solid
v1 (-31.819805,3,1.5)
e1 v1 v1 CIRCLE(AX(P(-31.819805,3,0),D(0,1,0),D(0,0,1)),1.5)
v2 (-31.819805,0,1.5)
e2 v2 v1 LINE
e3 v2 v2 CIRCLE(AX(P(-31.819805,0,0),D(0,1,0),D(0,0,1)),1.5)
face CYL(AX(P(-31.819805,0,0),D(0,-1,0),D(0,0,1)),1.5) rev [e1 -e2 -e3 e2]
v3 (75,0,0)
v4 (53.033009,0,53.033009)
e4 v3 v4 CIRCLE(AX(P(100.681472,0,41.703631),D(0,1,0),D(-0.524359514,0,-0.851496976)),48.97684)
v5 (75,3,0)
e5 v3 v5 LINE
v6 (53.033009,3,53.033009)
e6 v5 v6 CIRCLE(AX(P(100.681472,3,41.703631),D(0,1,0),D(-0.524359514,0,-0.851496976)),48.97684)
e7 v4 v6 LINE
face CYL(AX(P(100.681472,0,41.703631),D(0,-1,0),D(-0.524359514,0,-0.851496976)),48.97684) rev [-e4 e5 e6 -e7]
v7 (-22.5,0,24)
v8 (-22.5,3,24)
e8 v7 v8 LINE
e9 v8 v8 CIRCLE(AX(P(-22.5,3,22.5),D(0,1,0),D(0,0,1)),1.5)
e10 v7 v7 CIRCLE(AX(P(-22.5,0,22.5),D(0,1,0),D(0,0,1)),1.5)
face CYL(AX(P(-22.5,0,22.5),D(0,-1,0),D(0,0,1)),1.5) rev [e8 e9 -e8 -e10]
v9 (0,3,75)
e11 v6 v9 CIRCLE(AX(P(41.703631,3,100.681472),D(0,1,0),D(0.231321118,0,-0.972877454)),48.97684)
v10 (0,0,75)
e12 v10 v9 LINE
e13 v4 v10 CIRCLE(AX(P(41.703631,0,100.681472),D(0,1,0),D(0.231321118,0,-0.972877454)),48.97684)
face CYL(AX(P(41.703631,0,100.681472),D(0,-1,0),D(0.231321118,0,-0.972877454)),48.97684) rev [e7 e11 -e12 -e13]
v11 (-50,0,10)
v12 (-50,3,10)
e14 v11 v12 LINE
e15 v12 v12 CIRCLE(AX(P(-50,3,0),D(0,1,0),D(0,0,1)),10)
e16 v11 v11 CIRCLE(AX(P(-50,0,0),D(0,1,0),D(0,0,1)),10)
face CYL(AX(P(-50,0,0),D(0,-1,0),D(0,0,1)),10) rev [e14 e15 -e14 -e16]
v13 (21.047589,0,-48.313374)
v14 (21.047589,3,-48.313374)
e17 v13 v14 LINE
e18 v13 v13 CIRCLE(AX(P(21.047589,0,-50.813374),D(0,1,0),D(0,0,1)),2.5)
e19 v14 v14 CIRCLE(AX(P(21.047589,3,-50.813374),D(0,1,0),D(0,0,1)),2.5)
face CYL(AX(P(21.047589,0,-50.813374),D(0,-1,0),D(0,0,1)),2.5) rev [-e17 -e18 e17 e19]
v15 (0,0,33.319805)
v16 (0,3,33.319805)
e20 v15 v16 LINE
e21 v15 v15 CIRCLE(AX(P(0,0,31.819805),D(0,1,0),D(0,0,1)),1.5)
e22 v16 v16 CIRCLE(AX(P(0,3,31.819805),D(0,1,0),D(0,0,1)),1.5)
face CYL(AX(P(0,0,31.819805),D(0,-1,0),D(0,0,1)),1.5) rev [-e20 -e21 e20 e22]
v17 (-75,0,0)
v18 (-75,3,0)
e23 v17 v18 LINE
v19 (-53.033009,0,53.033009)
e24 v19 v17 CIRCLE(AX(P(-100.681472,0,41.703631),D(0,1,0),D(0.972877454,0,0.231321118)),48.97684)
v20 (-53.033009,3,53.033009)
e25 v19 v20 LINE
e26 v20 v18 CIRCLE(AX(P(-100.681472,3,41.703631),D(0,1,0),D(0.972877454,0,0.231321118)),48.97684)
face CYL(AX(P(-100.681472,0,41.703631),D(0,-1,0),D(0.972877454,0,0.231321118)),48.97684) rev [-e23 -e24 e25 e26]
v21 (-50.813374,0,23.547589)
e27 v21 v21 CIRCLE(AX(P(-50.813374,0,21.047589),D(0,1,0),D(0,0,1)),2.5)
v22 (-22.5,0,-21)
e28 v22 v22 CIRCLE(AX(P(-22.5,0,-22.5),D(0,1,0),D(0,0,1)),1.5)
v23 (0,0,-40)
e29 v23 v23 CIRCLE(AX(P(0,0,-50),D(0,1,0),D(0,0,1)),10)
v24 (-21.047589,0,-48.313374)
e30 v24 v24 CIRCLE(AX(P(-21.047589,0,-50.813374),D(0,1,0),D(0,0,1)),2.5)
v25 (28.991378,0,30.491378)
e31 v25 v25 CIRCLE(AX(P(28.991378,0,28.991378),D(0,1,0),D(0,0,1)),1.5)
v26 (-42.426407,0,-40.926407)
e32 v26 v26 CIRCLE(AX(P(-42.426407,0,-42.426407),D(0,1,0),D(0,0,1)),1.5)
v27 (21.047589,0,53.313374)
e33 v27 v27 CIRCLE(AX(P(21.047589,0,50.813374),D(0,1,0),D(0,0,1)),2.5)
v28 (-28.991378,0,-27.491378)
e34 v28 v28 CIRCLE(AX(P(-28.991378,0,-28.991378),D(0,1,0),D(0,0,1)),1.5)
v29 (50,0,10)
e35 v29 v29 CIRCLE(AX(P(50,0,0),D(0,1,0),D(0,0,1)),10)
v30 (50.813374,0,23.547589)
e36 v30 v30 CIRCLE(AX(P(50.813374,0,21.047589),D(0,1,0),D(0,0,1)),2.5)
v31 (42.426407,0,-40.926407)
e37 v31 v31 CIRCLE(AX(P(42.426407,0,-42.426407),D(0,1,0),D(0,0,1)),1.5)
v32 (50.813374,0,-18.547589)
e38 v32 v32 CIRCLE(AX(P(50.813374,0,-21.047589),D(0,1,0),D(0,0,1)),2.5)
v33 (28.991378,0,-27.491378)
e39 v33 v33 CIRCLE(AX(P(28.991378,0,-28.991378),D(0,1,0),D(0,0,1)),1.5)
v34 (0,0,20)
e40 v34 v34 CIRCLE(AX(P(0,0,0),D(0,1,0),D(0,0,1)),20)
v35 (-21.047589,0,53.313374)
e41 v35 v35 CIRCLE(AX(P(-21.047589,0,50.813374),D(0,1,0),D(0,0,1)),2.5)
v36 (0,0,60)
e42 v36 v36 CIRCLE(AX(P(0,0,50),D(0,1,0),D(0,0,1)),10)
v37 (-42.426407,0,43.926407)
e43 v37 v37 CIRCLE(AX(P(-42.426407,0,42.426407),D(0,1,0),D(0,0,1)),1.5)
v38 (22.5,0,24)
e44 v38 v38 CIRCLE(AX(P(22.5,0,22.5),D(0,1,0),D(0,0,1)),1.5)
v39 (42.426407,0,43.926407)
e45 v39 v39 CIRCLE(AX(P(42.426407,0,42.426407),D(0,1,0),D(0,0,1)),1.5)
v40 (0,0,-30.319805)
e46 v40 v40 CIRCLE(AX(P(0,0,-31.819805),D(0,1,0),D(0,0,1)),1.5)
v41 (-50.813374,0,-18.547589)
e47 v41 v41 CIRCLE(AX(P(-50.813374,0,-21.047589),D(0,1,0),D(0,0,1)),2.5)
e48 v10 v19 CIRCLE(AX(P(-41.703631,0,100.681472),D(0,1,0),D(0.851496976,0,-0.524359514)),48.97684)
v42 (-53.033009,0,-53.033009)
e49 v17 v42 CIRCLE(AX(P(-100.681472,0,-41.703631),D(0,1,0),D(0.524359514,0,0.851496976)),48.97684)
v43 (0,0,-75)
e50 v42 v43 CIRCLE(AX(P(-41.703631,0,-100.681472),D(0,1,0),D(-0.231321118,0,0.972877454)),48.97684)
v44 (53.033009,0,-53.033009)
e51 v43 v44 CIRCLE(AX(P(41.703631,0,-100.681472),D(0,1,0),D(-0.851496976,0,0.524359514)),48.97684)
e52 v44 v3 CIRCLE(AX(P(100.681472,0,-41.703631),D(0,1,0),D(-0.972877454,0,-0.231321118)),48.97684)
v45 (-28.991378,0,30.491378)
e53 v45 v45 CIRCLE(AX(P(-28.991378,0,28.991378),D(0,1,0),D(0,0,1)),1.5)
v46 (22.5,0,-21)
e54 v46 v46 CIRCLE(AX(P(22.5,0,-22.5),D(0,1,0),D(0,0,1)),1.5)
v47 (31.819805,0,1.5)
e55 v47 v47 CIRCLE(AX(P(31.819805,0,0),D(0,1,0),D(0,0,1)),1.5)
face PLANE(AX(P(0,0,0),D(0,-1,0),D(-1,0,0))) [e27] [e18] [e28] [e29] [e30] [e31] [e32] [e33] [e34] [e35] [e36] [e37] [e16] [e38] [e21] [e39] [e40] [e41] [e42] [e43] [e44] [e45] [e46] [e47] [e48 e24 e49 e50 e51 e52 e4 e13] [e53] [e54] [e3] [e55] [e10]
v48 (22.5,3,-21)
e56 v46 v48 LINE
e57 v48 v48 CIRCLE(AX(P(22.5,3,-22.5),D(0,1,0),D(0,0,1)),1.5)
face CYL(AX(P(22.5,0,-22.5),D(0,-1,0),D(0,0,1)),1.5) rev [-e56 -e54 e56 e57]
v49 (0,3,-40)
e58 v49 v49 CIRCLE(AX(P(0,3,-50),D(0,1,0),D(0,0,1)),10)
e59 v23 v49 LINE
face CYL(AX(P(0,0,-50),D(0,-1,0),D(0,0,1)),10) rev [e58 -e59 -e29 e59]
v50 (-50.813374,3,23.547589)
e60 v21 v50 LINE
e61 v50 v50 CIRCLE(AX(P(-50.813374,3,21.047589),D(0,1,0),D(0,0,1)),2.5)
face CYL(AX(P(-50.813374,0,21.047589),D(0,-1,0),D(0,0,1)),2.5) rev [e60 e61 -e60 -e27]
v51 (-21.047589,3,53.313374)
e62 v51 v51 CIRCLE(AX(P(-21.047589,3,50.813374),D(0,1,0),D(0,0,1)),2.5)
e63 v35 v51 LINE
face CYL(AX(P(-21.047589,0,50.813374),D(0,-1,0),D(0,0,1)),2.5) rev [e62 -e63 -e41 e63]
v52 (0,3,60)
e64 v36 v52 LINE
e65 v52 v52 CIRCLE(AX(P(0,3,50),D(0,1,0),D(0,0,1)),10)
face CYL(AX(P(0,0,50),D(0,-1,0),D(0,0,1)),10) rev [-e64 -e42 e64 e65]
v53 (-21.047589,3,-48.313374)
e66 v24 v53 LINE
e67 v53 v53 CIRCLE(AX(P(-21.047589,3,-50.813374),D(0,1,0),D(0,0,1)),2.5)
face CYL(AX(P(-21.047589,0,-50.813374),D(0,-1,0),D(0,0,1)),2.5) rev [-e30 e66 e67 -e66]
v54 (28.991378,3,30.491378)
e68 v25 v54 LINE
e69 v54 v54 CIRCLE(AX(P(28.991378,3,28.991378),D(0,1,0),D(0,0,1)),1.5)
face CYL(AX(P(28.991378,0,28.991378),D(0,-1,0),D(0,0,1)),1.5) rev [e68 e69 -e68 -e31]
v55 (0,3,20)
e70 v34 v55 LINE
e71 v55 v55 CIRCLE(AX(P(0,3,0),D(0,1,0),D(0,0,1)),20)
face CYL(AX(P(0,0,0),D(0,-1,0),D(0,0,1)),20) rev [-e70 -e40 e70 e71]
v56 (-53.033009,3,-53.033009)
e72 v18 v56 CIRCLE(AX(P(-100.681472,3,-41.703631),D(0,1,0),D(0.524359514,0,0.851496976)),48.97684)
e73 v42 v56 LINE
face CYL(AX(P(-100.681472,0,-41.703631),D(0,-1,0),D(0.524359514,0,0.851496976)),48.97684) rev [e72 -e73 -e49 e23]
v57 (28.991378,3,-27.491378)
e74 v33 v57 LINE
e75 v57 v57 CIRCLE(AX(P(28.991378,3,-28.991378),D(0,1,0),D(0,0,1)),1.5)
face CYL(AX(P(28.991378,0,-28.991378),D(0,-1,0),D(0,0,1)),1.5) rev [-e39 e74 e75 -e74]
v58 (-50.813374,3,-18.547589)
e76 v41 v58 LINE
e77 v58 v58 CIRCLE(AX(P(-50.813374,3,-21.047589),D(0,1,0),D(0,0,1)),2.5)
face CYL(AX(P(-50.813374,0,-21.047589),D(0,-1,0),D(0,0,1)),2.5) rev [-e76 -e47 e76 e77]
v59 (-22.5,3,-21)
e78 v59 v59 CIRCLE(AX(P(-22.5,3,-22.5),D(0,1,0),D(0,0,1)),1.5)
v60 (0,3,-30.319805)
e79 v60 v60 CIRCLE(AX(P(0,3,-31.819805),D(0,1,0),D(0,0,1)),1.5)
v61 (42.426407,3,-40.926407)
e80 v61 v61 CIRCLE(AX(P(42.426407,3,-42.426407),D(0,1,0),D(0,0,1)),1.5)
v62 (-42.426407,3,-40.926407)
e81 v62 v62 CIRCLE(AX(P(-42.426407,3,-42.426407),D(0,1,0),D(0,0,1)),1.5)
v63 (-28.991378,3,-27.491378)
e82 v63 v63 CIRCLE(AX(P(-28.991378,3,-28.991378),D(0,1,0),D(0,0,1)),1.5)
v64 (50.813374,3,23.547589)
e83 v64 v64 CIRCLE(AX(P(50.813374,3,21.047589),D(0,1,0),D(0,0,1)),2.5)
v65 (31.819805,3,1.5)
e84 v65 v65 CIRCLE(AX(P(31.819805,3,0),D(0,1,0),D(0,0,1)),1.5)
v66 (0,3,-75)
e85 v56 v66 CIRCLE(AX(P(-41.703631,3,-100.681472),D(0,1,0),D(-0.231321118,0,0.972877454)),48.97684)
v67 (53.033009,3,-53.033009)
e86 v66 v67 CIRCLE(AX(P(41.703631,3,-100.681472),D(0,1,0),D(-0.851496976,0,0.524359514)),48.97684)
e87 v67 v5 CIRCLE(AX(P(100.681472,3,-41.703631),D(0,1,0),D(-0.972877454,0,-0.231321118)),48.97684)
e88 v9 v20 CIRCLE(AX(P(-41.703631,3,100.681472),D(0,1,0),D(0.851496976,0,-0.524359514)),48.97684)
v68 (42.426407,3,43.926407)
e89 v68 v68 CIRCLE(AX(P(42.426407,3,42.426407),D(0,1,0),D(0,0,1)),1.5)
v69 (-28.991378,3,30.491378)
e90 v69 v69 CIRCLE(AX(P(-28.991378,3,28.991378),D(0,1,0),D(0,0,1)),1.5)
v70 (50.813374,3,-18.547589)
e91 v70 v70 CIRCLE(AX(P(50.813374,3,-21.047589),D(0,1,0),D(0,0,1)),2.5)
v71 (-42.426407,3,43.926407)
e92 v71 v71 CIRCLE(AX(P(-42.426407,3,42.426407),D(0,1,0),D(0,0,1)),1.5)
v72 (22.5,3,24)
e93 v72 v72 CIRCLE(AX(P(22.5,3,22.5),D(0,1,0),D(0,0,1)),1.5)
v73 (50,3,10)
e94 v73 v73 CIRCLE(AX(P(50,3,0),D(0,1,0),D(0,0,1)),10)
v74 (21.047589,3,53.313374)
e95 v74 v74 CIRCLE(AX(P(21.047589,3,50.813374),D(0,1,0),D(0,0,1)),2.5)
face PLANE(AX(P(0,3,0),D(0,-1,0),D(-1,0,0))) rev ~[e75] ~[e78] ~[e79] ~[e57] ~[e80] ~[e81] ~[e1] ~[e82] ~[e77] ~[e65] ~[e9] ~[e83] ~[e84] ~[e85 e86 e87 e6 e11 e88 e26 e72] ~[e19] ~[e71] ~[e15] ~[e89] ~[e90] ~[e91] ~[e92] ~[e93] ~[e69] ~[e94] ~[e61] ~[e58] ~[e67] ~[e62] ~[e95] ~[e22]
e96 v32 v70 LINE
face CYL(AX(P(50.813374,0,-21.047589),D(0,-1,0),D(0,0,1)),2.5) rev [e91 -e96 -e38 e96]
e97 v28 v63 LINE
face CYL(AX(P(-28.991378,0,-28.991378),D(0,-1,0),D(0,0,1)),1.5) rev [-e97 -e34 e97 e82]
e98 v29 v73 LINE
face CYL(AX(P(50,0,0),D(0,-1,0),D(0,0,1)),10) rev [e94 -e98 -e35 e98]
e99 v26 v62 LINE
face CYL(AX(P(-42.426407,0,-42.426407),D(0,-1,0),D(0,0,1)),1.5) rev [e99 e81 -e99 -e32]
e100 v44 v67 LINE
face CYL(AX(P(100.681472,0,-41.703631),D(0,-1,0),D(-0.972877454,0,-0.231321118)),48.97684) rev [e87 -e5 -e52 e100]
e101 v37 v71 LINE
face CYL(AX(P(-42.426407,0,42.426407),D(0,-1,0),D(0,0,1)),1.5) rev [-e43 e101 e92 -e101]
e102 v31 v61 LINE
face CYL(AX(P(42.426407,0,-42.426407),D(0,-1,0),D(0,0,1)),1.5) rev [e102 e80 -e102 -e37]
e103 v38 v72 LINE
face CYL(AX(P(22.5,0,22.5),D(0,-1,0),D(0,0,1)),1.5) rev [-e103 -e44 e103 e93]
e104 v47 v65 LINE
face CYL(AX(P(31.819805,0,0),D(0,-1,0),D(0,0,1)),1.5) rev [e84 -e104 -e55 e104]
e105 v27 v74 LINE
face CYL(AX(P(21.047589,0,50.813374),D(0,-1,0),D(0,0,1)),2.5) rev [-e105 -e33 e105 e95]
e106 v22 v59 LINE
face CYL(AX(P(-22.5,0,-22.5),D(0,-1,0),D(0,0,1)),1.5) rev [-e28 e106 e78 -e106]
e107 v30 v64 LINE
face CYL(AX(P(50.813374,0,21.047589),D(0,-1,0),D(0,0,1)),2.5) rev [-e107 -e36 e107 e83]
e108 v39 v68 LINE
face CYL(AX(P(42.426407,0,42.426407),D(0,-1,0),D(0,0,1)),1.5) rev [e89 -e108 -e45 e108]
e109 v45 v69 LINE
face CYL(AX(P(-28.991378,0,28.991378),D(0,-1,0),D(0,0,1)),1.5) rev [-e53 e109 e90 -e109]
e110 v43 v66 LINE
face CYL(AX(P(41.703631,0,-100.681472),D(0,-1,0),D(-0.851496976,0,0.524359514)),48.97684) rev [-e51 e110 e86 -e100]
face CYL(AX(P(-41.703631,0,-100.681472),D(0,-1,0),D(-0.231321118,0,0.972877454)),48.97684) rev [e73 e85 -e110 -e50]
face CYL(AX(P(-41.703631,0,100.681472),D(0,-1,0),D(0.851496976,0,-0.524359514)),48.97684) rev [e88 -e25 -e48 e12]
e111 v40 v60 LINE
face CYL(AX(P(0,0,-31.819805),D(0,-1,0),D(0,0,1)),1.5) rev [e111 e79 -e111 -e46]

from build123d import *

# Parameters (mm, degrees)
SKETCH_1_R      = 1.5
SKETCH_1_R_2    = 20
SKETCH_1_R_3    = 2.5
SKETCH_1_R_4    = 10
EXTRUDE_2_DEPTH = 3


with BuildPart() as part:
    # 草圖1 → 填料-伸長2 (new body)
    with BuildSketch(Plane(origin=(0, 0, 0), x_dir=(1, 0, 0), z_dir=(0, 1, 0))):
        with BuildLine():
            ThreePointArc((-53.033008589, 53.033008589), (-22.961005942, 55.432771951), (0, 75))
            ThreePointArc((0, 75), (22.961005942, 55.432771951), (53.033008589, 53.033008589))
            ThreePointArc((53.033008589, 53.033008589), (55.432771951, 22.961005942), (75, 0))
            ThreePointArc((75, 0), (55.432771951, -22.961005942), (53.033008589, -53.033008589))
            ThreePointArc((53.033008589, -53.033008589), (22.961005942, -55.432771951), (0, -75))
            ThreePointArc((0, -75), (-22.961005942, -55.432771951), (-53.033008589, -53.033008589))
            ThreePointArc((-53.033008589, -53.033008589), (-55.432771951, -22.961005942), (-75, 0))
            ThreePointArc((-75, 0), (-55.432771951, 22.961005942), (-53.033008589, 53.033008589))
        make_face()
        with Locations(Location((-42.426406871, 42.426406871, 0), (0, 0, 270))):
            Circle(SKETCH_1_R, mode=Mode.SUBTRACT)
        with Locations(Location((-28.991378029, 28.991378029, 0), (0, 0, 270))):
            Circle(SKETCH_1_R, mode=Mode.SUBTRACT)
        with Locations(Location((28.991378029, -28.991378029, 0), (0, 0, 270))):
            Circle(SKETCH_1_R, mode=Mode.SUBTRACT)
        with Locations(Location((42.426406871, -42.426406871, 0), (0, 0, 270))):
            Circle(SKETCH_1_R, mode=Mode.SUBTRACT)
        with Locations(Location((42.426406871, 42.426406871, 0), (0, 0, 270))):
            Circle(SKETCH_1_R, mode=Mode.SUBTRACT)
        with Locations(Location((28.991378029, 28.991378029, 0), (0, 0, 270))):
            Circle(SKETCH_1_R, mode=Mode.SUBTRACT)
        with Locations(Location((-28.991378029, -28.991378029, 0), (0, 0, 270))):
            Circle(SKETCH_1_R, mode=Mode.SUBTRACT)
        with Locations(Location((-42.426406871, -42.426406871, 0), (0, 0, 270))):
            Circle(SKETCH_1_R, mode=Mode.SUBTRACT)
        with Locations(Location((0, 0, 0), (0, 0, 270))):
            Circle(SKETCH_1_R_2, mode=Mode.SUBTRACT)
        with Locations(Location((0, 31.819805153, 0), (0, 0, 270))):
            Circle(SKETCH_1_R, mode=Mode.SUBTRACT)
        with Locations(Location((31.819805153, 0, 0), (0, 0, 270))):
            Circle(SKETCH_1_R, mode=Mode.SUBTRACT)
        with Locations(Location((22.5, 22.5, 0), (0, 0, 270))):
            Circle(SKETCH_1_R, mode=Mode.SUBTRACT)
        with Locations(Location((0, -31.819805153, 0), (0, 0, 270))):
            Circle(SKETCH_1_R, mode=Mode.SUBTRACT)
        with Locations(Location((-22.5, -22.5, 0), (0, 0, 270))):
            Circle(SKETCH_1_R, mode=Mode.SUBTRACT)
        with Locations(Location((-31.819805153, 0, 0), (0, 0, 270))):
            Circle(SKETCH_1_R, mode=Mode.SUBTRACT)
        with Locations(Location((-22.5, 22.5, 0), (0, 0, 270))):
            Circle(SKETCH_1_R, mode=Mode.SUBTRACT)
        with Locations(Location((22.5, -22.5, 0), (0, 0, 270))):
            Circle(SKETCH_1_R, mode=Mode.SUBTRACT)
        with Locations(Location((-21.04758878, 50.813374288, 0), (0, 0, 270))):
            Circle(SKETCH_1_R_3, mode=Mode.SUBTRACT)
        with Locations(Location((21.04758878, 50.813374288, 0), (0, 0, 270))):
            Circle(SKETCH_1_R_3, mode=Mode.SUBTRACT)
        with Locations(Location((50.813374288, 21.04758878, 0), (0, 0, 270))):
            Circle(SKETCH_1_R_3, mode=Mode.SUBTRACT)
        with Locations(Location((50.813374288, -21.04758878, 0), (0, 0, 270))):
            Circle(SKETCH_1_R_3, mode=Mode.SUBTRACT)
        with Locations(Location((21.04758878, -50.813374288, 0), (0, 0, 270))):
            Circle(SKETCH_1_R_3, mode=Mode.SUBTRACT)
        with Locations(Location((-21.04758878, -50.813374288, 0), (0, 0, 270))):
            Circle(SKETCH_1_R_3, mode=Mode.SUBTRACT)
        with Locations(Location((-50.813374288, -21.04758878, 0), (0, 0, 270))):
            Circle(SKETCH_1_R_3, mode=Mode.SUBTRACT)
        with Locations(Location((-50.813374288, 21.04758878, 0), (0, 0, 270))):
            Circle(SKETCH_1_R_3, mode=Mode.SUBTRACT)
        with Locations(Location((0, 50, 0), (0, 0, 270))):
            Circle(SKETCH_1_R_4, mode=Mode.SUBTRACT)
        with Locations(Location((50, 0, 0), (0, 0, 270))):
            Circle(SKETCH_1_R_4, mode=Mode.SUBTRACT)
        with Locations(Location((0, -50, 0), (0, 0, 270))):
            Circle(SKETCH_1_R_4, mode=Mode.SUBTRACT)
        with Locations(Location((-50, 0, 0), (0, 0, 270))):
            Circle(SKETCH_1_R_4, mode=Mode.SUBTRACT)
    extrude(amount=EXTRUDE_2_DEPTH)


solid = part.part
